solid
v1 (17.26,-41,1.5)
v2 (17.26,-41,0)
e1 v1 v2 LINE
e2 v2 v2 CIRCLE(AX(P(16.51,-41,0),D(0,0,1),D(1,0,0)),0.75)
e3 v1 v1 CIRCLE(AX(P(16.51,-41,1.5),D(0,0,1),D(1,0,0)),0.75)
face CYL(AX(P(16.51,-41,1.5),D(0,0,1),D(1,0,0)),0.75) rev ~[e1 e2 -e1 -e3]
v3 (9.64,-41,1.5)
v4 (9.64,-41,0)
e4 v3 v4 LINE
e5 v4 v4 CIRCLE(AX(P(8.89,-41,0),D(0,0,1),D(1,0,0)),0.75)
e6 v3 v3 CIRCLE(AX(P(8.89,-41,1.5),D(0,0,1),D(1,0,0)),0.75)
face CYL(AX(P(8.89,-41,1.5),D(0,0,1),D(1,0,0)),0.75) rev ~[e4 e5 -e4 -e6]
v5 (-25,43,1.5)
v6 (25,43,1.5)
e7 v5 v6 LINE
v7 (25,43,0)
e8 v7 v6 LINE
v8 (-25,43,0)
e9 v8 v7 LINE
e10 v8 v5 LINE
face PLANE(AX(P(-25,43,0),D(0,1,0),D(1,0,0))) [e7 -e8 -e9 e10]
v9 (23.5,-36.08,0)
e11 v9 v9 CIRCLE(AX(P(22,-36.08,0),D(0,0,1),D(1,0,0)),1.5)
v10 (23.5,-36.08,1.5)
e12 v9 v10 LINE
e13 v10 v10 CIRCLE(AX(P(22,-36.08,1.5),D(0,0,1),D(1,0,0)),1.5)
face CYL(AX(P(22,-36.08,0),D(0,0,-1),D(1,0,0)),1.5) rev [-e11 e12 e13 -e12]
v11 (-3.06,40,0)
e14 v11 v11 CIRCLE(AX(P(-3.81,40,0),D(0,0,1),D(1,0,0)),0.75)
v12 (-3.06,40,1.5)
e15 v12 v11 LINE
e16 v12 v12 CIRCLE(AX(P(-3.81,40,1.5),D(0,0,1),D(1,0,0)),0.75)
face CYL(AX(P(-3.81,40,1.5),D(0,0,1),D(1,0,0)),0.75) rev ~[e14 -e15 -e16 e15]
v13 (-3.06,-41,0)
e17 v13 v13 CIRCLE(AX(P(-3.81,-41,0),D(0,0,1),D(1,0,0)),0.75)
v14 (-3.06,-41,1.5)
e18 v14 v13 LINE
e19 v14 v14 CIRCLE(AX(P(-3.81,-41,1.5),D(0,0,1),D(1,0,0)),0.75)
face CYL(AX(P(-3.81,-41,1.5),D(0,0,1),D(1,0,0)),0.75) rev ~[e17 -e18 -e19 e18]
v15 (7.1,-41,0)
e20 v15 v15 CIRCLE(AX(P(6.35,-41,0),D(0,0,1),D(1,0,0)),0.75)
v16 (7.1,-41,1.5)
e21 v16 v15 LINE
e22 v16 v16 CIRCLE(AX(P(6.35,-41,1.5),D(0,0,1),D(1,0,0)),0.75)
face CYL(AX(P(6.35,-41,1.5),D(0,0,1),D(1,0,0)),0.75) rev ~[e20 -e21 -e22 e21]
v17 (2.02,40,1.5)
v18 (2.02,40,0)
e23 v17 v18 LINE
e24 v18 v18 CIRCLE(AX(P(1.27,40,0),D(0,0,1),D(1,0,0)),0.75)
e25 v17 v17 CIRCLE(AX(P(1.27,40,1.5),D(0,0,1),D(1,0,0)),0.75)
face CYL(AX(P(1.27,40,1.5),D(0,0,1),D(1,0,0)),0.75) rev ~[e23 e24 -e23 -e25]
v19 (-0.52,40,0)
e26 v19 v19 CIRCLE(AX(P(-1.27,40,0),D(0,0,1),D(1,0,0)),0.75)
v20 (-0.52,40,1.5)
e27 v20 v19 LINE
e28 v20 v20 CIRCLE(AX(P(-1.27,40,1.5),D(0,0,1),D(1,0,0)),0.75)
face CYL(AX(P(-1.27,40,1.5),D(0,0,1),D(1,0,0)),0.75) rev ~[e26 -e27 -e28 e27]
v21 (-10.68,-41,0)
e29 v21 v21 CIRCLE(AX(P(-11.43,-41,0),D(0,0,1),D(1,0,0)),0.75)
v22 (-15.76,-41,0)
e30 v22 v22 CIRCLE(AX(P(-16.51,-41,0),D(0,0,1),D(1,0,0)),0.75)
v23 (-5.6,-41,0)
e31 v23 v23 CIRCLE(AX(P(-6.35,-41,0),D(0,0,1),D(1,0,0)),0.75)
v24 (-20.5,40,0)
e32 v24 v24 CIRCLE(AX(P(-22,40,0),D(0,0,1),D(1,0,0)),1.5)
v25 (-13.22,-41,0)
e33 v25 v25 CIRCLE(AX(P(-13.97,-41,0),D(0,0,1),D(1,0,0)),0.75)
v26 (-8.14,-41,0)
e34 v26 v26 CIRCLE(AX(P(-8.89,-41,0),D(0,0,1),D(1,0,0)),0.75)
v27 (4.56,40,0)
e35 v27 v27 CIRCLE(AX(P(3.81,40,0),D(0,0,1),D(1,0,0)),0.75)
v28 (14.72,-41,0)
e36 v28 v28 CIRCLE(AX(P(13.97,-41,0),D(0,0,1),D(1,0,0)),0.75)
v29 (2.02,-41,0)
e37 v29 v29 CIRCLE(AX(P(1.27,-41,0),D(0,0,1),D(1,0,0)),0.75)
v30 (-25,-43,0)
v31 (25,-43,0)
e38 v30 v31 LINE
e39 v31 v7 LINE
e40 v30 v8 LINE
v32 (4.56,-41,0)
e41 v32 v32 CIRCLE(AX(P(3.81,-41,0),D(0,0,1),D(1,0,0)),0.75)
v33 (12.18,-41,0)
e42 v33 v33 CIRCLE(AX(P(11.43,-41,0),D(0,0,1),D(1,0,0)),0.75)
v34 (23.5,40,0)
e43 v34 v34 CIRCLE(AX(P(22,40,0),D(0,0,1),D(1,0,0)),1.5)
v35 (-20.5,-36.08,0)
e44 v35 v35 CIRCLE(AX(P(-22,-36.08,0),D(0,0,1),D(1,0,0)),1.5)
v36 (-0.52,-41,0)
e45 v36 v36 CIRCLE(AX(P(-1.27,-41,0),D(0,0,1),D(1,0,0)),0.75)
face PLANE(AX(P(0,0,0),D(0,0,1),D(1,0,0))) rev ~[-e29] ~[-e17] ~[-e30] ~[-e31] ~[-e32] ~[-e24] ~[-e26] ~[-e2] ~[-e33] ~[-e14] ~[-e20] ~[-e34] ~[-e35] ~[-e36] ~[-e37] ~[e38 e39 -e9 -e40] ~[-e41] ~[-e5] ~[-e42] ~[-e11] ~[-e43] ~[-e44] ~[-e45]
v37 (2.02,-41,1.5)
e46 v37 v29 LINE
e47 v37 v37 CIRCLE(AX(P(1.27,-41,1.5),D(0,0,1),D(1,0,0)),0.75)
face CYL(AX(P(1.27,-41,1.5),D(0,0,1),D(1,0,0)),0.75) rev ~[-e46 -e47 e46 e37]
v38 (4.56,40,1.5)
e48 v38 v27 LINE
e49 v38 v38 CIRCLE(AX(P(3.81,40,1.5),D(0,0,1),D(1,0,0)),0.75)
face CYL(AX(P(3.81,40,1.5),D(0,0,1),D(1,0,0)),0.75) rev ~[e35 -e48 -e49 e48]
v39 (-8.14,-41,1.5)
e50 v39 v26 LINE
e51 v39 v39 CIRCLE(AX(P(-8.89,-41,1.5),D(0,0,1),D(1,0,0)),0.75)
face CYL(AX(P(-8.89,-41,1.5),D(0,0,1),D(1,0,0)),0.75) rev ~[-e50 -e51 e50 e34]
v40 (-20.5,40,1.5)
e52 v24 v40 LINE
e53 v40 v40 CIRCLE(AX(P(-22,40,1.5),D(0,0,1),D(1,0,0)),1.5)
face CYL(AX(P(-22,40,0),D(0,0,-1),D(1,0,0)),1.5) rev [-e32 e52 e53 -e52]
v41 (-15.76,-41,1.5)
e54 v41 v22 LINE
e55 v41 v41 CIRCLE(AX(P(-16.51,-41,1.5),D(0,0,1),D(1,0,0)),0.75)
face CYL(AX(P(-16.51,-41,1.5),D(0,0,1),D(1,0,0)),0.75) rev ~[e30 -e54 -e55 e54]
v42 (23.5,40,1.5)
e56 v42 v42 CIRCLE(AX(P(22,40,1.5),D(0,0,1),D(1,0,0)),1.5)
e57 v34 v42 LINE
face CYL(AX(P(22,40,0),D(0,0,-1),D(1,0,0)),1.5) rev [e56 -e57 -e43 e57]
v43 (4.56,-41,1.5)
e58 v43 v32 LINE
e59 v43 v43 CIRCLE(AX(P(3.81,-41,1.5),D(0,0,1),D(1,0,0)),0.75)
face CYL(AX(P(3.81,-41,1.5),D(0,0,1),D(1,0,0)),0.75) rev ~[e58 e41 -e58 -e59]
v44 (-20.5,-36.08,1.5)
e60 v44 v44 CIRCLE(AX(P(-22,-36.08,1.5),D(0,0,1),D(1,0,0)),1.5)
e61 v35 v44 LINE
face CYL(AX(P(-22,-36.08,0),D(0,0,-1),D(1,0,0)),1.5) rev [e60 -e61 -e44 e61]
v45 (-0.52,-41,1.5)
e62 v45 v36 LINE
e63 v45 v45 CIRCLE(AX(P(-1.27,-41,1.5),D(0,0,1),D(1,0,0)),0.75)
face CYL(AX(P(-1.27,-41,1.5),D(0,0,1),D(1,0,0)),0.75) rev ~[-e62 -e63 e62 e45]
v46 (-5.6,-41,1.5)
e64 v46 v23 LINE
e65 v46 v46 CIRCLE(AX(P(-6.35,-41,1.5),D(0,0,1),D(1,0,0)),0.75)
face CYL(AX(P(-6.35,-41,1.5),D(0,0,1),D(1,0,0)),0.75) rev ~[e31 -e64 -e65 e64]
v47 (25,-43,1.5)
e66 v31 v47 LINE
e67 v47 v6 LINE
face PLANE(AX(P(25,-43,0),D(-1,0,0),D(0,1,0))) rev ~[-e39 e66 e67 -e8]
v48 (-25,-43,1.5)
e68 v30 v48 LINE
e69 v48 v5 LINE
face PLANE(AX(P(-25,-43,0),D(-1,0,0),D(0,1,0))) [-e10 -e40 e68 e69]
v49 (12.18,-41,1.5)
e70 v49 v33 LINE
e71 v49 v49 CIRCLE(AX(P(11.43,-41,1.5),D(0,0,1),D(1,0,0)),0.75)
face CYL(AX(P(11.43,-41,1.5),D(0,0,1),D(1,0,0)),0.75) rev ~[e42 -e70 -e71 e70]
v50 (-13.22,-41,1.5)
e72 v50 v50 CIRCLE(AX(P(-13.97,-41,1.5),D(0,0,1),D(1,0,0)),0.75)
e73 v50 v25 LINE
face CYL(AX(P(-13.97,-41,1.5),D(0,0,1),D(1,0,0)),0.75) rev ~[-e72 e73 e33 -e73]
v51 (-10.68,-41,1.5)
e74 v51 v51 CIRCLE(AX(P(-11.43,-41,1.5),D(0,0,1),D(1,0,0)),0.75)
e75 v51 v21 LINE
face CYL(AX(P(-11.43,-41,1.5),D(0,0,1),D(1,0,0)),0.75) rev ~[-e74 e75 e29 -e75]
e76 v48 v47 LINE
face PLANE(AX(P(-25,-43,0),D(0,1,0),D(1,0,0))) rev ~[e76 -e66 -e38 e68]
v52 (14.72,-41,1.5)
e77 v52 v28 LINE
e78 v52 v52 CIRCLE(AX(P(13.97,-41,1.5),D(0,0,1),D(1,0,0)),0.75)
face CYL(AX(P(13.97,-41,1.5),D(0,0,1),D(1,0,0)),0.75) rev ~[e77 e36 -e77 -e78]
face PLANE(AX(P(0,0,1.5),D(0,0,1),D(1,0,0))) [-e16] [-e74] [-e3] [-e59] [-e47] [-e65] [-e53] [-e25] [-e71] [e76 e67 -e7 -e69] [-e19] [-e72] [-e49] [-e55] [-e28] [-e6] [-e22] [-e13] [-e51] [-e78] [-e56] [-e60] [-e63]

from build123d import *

# Parameters (mm, degrees)
F0_W     = 50
F0_H     = 86
F0_R     = 1.5
F1_DEPTH = 1.5
F2_R     = 0.75
F3_DEPTH = 1.501


with BuildPart() as f1:
    # F0 (on Top) → F1 (new body)
    with BuildSketch(Plane.XY):
        Rectangle(F0_W, F0_H)
        with Locations((-22, -36.08)):
            Circle(F0_R, mode=Mode.SUBTRACT)
        with Locations((22, -36.08)):
            Circle(F0_R, mode=Mode.SUBTRACT)
        with Locations((-22, 40)):
            Circle(F0_R, mode=Mode.SUBTRACT)
        with Locations((22, 40)):
            Circle(F0_R, mode=Mode.SUBTRACT)
    extrude(amount=F1_DEPTH)

    # F2 (on face) → F3 (cut, through all)
    with BuildSketch(Plane.XY.offset(1.5)):
        with Locations((-16.51, -41)):
            Circle(F2_R)
        with Locations((-13.97, -41)):
            Circle(F2_R)
        with Locations((-11.43, -41)):
            Circle(F2_R)
        with Locations((-8.89, -41)):
            Circle(F2_R)
        with Locations((-6.35, -41)):
            Circle(F2_R)
        with Locations((-3.81, -41)):
            Circle(F2_R)
        with Locations((-1.27, -41)):
            Circle(F2_R)
        with Locations((1.27, -41)):
            Circle(F2_R)
        with Locations((3.81, -41)):
            Circle(F2_R)
        with Locations((6.35, -41)):
            Circle(F2_R)
        with Locations((8.89, -41)):
            Circle(F2_R)
        with Locations((11.43, -41)):
            Circle(F2_R)
        with Locations((13.97, -41)):
            Circle(F2_R)
        with Locations((16.51, -41)):
            Circle(F2_R)
        with Locations((-3.81, 40)):
            Circle(F2_R)
        with Locations((-1.27, 40)):
            Circle(F2_R)
        with Locations((1.27, 40)):
            Circle(F2_R)
        with Locations((3.81, 40)):
            Circle(F2_R)
    extrude(amount=-F3_DEPTH, mode=Mode.SUBTRACT)


solid = f1.part
